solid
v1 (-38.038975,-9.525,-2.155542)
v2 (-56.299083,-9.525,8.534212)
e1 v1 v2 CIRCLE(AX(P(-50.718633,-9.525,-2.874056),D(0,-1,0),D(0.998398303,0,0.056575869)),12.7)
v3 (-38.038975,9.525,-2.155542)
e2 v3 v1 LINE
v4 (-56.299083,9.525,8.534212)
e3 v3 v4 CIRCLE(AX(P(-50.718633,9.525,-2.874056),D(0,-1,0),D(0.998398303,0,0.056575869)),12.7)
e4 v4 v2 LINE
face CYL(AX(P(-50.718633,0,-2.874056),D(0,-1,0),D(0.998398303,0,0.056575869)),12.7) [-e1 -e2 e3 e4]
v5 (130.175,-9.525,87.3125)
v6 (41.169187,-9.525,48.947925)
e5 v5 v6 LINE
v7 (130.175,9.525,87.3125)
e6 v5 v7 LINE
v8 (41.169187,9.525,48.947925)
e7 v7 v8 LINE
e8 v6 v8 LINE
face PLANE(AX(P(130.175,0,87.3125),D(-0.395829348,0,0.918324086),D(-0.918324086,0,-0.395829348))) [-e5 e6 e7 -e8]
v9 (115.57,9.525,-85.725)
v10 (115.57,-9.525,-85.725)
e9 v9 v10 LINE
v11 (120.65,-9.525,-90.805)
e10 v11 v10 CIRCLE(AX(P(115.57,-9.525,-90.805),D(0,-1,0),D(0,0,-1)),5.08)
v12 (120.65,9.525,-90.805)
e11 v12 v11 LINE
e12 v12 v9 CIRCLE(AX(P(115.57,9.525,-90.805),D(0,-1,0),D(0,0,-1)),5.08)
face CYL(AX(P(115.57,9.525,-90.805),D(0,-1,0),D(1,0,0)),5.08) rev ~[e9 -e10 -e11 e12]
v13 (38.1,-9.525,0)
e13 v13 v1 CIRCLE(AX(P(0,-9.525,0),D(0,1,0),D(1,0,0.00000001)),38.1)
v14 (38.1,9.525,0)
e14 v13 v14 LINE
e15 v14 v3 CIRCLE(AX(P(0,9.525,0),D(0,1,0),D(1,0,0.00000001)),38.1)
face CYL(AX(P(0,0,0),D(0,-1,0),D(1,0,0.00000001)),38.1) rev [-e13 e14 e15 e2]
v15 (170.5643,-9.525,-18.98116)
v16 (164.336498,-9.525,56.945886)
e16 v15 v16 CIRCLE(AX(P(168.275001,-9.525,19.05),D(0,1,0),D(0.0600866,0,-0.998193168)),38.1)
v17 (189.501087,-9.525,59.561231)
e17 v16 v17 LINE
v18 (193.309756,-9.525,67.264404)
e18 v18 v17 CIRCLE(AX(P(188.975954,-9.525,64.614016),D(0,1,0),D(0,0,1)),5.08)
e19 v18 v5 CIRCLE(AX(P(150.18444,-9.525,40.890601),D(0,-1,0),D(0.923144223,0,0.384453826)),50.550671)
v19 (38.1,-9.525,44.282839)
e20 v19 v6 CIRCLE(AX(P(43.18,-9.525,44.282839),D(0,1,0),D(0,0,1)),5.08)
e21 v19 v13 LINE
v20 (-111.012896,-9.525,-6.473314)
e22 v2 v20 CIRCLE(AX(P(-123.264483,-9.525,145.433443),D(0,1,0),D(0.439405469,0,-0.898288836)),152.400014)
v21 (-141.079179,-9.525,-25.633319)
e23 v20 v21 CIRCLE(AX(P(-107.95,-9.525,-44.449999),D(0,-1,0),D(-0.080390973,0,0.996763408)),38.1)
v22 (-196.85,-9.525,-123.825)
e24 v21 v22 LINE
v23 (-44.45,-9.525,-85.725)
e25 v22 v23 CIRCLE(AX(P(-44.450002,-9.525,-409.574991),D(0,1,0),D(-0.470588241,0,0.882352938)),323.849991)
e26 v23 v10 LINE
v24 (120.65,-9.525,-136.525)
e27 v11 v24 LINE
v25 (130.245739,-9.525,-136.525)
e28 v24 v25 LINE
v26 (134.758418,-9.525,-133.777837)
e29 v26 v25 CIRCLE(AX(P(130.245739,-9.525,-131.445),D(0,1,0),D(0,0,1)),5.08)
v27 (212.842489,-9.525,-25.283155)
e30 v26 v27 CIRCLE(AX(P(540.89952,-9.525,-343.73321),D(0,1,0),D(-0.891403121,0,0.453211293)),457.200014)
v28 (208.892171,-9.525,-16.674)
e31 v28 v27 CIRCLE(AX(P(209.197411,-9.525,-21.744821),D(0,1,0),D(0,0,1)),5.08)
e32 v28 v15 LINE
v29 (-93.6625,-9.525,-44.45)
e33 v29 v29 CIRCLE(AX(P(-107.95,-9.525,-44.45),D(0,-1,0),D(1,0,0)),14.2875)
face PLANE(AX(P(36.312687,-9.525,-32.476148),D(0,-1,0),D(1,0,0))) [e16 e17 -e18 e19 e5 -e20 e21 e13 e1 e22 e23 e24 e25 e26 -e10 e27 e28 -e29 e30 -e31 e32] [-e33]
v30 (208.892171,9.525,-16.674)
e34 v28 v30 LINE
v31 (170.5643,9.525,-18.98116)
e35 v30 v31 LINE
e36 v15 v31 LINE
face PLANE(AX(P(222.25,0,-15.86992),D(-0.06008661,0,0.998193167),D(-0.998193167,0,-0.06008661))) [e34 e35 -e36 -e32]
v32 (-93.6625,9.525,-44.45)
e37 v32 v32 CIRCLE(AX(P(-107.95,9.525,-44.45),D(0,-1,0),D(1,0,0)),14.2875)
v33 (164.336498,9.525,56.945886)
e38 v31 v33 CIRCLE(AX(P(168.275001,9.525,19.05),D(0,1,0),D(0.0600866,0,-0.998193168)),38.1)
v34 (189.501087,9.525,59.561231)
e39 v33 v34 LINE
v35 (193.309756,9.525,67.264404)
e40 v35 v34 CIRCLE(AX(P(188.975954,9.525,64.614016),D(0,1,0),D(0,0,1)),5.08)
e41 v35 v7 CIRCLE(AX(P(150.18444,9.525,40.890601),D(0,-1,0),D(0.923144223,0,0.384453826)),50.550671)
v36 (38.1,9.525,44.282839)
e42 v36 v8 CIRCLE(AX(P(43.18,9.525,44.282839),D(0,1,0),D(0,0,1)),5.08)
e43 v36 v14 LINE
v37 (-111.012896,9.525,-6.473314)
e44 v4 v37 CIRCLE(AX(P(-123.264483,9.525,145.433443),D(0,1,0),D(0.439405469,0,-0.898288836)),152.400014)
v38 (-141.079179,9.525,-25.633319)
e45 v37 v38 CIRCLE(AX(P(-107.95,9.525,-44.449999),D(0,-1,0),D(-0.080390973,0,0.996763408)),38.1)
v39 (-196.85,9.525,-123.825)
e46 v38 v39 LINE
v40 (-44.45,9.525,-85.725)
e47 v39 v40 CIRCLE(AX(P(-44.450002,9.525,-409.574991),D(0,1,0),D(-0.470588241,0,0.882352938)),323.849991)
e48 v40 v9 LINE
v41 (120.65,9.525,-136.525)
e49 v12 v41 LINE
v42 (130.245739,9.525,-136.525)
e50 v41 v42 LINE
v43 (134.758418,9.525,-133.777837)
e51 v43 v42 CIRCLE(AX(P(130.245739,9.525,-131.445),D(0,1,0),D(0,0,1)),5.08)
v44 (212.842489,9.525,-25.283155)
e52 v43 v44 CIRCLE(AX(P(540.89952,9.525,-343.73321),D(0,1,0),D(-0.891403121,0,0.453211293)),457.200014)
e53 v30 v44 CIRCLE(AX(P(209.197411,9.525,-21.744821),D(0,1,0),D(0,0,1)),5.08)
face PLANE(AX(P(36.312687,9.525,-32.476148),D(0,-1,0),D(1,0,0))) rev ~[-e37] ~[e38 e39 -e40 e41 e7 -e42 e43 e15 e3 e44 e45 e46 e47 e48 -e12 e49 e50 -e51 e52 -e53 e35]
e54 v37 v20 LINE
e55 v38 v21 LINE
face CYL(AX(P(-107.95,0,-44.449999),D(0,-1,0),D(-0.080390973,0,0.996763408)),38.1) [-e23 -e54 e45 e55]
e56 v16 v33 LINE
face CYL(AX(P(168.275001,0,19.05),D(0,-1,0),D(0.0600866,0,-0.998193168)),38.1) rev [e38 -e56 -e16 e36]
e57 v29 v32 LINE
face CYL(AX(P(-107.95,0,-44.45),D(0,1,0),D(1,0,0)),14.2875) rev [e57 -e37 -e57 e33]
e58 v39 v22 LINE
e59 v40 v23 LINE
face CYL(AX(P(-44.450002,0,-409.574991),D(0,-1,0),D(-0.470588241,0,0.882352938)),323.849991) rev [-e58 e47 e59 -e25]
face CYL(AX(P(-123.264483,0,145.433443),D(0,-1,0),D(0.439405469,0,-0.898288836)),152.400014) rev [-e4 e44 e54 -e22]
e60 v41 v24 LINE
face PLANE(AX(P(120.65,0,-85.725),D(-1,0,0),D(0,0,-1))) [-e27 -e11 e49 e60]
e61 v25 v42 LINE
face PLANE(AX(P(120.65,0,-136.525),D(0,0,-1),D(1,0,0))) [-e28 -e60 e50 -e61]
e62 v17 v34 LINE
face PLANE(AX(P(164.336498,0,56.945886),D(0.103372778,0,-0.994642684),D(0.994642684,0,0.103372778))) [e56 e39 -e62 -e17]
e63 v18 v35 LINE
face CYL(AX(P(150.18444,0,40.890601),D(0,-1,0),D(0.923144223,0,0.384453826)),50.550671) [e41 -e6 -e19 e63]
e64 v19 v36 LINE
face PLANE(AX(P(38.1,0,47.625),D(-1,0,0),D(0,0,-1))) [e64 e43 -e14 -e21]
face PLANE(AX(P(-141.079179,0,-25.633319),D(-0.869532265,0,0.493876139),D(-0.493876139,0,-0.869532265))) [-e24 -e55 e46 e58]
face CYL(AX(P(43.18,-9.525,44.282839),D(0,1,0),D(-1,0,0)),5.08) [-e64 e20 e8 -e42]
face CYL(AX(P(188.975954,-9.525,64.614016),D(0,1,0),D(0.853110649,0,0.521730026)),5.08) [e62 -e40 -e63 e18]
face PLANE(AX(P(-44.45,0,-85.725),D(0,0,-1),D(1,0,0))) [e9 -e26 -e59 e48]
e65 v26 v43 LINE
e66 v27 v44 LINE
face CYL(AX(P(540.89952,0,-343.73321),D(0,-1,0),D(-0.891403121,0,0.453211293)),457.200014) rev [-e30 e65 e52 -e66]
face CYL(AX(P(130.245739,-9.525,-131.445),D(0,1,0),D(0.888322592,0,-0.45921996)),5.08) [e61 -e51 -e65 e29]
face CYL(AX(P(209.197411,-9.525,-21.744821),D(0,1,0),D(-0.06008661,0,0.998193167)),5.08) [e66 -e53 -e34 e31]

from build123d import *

# Parameters (mm, degrees)
F0_R     = 14.2875
F1_DEPTH = 9.525
F2_R     = 5.08


with BuildPart() as f1:
    # F0 (on Front) → F1 (new body, symmetric)
    with BuildSketch(Plane.XZ):
        with BuildLine():
            ThreePointArc((38.1, 0), (1.078203, -38.084741), (-38.038975, -2.155542))
            ThreePointArc((-38.038975, -2.155542), (-44.302451, 8.08599), (-56.299083, 8.534212))
            ThreePointArc((-56.299083, 8.534212), (-82.951468, -1.538068), (-111.012896, -6.473314))
            ThreePointArc((-111.012896, -6.473314), (-128.425425, -12.319532), (-141.079179, -25.633319))
            Line((-141.079179, -25.633319), (-196.85, -123.825))
            ThreePointArc((-196.85, -123.825), (-122.995162, -95.394351), (-44.45, -85.725))
            Line((-44.45, -85.725), (120.65, -85.725))
            Line((120.65, -85.725), (120.65, -136.525))
            Line((120.65, -136.525), (133.35, -136.525))
            ThreePointArc((133.35, -136.525), (172.822526, -72.530002), (222.25, -15.86992))
            Line((222.25, -15.86992), (170.5643, -18.98116))
            ThreePointArc((170.5643, -18.98116), (130.302523, 15.935365), (164.336498, 56.945886))
            Line((164.336498, 56.945886), (196.85, 60.325))
            ThreePointArc((196.85, 60.325), (169.150685, 87.748385), (130.175, 87.3125))
            Line((130.175, 87.3125), (38.1, 47.625))
            Line((38.1, 47.625), (38.1, 0))
        make_face()
        with Locations((-107.95, -44.45)):
            Circle(F0_R, mode=Mode.SUBTRACT)
    extrude(amount=F1_DEPTH, both=True)

    # F2
    f2_edges = [f1.edges().sort_by_distance(p)[0] for p in [
        (38.1, 0, 47.625),
        (196.85, 0, 60.325),
        (222.25, 0, -15.86992),
        (133.35, 0, -136.525),
        (120.65, 0, -85.725),
    ]]
    fillet(f2_edges, radius=F2_R)


solid = f1.part
